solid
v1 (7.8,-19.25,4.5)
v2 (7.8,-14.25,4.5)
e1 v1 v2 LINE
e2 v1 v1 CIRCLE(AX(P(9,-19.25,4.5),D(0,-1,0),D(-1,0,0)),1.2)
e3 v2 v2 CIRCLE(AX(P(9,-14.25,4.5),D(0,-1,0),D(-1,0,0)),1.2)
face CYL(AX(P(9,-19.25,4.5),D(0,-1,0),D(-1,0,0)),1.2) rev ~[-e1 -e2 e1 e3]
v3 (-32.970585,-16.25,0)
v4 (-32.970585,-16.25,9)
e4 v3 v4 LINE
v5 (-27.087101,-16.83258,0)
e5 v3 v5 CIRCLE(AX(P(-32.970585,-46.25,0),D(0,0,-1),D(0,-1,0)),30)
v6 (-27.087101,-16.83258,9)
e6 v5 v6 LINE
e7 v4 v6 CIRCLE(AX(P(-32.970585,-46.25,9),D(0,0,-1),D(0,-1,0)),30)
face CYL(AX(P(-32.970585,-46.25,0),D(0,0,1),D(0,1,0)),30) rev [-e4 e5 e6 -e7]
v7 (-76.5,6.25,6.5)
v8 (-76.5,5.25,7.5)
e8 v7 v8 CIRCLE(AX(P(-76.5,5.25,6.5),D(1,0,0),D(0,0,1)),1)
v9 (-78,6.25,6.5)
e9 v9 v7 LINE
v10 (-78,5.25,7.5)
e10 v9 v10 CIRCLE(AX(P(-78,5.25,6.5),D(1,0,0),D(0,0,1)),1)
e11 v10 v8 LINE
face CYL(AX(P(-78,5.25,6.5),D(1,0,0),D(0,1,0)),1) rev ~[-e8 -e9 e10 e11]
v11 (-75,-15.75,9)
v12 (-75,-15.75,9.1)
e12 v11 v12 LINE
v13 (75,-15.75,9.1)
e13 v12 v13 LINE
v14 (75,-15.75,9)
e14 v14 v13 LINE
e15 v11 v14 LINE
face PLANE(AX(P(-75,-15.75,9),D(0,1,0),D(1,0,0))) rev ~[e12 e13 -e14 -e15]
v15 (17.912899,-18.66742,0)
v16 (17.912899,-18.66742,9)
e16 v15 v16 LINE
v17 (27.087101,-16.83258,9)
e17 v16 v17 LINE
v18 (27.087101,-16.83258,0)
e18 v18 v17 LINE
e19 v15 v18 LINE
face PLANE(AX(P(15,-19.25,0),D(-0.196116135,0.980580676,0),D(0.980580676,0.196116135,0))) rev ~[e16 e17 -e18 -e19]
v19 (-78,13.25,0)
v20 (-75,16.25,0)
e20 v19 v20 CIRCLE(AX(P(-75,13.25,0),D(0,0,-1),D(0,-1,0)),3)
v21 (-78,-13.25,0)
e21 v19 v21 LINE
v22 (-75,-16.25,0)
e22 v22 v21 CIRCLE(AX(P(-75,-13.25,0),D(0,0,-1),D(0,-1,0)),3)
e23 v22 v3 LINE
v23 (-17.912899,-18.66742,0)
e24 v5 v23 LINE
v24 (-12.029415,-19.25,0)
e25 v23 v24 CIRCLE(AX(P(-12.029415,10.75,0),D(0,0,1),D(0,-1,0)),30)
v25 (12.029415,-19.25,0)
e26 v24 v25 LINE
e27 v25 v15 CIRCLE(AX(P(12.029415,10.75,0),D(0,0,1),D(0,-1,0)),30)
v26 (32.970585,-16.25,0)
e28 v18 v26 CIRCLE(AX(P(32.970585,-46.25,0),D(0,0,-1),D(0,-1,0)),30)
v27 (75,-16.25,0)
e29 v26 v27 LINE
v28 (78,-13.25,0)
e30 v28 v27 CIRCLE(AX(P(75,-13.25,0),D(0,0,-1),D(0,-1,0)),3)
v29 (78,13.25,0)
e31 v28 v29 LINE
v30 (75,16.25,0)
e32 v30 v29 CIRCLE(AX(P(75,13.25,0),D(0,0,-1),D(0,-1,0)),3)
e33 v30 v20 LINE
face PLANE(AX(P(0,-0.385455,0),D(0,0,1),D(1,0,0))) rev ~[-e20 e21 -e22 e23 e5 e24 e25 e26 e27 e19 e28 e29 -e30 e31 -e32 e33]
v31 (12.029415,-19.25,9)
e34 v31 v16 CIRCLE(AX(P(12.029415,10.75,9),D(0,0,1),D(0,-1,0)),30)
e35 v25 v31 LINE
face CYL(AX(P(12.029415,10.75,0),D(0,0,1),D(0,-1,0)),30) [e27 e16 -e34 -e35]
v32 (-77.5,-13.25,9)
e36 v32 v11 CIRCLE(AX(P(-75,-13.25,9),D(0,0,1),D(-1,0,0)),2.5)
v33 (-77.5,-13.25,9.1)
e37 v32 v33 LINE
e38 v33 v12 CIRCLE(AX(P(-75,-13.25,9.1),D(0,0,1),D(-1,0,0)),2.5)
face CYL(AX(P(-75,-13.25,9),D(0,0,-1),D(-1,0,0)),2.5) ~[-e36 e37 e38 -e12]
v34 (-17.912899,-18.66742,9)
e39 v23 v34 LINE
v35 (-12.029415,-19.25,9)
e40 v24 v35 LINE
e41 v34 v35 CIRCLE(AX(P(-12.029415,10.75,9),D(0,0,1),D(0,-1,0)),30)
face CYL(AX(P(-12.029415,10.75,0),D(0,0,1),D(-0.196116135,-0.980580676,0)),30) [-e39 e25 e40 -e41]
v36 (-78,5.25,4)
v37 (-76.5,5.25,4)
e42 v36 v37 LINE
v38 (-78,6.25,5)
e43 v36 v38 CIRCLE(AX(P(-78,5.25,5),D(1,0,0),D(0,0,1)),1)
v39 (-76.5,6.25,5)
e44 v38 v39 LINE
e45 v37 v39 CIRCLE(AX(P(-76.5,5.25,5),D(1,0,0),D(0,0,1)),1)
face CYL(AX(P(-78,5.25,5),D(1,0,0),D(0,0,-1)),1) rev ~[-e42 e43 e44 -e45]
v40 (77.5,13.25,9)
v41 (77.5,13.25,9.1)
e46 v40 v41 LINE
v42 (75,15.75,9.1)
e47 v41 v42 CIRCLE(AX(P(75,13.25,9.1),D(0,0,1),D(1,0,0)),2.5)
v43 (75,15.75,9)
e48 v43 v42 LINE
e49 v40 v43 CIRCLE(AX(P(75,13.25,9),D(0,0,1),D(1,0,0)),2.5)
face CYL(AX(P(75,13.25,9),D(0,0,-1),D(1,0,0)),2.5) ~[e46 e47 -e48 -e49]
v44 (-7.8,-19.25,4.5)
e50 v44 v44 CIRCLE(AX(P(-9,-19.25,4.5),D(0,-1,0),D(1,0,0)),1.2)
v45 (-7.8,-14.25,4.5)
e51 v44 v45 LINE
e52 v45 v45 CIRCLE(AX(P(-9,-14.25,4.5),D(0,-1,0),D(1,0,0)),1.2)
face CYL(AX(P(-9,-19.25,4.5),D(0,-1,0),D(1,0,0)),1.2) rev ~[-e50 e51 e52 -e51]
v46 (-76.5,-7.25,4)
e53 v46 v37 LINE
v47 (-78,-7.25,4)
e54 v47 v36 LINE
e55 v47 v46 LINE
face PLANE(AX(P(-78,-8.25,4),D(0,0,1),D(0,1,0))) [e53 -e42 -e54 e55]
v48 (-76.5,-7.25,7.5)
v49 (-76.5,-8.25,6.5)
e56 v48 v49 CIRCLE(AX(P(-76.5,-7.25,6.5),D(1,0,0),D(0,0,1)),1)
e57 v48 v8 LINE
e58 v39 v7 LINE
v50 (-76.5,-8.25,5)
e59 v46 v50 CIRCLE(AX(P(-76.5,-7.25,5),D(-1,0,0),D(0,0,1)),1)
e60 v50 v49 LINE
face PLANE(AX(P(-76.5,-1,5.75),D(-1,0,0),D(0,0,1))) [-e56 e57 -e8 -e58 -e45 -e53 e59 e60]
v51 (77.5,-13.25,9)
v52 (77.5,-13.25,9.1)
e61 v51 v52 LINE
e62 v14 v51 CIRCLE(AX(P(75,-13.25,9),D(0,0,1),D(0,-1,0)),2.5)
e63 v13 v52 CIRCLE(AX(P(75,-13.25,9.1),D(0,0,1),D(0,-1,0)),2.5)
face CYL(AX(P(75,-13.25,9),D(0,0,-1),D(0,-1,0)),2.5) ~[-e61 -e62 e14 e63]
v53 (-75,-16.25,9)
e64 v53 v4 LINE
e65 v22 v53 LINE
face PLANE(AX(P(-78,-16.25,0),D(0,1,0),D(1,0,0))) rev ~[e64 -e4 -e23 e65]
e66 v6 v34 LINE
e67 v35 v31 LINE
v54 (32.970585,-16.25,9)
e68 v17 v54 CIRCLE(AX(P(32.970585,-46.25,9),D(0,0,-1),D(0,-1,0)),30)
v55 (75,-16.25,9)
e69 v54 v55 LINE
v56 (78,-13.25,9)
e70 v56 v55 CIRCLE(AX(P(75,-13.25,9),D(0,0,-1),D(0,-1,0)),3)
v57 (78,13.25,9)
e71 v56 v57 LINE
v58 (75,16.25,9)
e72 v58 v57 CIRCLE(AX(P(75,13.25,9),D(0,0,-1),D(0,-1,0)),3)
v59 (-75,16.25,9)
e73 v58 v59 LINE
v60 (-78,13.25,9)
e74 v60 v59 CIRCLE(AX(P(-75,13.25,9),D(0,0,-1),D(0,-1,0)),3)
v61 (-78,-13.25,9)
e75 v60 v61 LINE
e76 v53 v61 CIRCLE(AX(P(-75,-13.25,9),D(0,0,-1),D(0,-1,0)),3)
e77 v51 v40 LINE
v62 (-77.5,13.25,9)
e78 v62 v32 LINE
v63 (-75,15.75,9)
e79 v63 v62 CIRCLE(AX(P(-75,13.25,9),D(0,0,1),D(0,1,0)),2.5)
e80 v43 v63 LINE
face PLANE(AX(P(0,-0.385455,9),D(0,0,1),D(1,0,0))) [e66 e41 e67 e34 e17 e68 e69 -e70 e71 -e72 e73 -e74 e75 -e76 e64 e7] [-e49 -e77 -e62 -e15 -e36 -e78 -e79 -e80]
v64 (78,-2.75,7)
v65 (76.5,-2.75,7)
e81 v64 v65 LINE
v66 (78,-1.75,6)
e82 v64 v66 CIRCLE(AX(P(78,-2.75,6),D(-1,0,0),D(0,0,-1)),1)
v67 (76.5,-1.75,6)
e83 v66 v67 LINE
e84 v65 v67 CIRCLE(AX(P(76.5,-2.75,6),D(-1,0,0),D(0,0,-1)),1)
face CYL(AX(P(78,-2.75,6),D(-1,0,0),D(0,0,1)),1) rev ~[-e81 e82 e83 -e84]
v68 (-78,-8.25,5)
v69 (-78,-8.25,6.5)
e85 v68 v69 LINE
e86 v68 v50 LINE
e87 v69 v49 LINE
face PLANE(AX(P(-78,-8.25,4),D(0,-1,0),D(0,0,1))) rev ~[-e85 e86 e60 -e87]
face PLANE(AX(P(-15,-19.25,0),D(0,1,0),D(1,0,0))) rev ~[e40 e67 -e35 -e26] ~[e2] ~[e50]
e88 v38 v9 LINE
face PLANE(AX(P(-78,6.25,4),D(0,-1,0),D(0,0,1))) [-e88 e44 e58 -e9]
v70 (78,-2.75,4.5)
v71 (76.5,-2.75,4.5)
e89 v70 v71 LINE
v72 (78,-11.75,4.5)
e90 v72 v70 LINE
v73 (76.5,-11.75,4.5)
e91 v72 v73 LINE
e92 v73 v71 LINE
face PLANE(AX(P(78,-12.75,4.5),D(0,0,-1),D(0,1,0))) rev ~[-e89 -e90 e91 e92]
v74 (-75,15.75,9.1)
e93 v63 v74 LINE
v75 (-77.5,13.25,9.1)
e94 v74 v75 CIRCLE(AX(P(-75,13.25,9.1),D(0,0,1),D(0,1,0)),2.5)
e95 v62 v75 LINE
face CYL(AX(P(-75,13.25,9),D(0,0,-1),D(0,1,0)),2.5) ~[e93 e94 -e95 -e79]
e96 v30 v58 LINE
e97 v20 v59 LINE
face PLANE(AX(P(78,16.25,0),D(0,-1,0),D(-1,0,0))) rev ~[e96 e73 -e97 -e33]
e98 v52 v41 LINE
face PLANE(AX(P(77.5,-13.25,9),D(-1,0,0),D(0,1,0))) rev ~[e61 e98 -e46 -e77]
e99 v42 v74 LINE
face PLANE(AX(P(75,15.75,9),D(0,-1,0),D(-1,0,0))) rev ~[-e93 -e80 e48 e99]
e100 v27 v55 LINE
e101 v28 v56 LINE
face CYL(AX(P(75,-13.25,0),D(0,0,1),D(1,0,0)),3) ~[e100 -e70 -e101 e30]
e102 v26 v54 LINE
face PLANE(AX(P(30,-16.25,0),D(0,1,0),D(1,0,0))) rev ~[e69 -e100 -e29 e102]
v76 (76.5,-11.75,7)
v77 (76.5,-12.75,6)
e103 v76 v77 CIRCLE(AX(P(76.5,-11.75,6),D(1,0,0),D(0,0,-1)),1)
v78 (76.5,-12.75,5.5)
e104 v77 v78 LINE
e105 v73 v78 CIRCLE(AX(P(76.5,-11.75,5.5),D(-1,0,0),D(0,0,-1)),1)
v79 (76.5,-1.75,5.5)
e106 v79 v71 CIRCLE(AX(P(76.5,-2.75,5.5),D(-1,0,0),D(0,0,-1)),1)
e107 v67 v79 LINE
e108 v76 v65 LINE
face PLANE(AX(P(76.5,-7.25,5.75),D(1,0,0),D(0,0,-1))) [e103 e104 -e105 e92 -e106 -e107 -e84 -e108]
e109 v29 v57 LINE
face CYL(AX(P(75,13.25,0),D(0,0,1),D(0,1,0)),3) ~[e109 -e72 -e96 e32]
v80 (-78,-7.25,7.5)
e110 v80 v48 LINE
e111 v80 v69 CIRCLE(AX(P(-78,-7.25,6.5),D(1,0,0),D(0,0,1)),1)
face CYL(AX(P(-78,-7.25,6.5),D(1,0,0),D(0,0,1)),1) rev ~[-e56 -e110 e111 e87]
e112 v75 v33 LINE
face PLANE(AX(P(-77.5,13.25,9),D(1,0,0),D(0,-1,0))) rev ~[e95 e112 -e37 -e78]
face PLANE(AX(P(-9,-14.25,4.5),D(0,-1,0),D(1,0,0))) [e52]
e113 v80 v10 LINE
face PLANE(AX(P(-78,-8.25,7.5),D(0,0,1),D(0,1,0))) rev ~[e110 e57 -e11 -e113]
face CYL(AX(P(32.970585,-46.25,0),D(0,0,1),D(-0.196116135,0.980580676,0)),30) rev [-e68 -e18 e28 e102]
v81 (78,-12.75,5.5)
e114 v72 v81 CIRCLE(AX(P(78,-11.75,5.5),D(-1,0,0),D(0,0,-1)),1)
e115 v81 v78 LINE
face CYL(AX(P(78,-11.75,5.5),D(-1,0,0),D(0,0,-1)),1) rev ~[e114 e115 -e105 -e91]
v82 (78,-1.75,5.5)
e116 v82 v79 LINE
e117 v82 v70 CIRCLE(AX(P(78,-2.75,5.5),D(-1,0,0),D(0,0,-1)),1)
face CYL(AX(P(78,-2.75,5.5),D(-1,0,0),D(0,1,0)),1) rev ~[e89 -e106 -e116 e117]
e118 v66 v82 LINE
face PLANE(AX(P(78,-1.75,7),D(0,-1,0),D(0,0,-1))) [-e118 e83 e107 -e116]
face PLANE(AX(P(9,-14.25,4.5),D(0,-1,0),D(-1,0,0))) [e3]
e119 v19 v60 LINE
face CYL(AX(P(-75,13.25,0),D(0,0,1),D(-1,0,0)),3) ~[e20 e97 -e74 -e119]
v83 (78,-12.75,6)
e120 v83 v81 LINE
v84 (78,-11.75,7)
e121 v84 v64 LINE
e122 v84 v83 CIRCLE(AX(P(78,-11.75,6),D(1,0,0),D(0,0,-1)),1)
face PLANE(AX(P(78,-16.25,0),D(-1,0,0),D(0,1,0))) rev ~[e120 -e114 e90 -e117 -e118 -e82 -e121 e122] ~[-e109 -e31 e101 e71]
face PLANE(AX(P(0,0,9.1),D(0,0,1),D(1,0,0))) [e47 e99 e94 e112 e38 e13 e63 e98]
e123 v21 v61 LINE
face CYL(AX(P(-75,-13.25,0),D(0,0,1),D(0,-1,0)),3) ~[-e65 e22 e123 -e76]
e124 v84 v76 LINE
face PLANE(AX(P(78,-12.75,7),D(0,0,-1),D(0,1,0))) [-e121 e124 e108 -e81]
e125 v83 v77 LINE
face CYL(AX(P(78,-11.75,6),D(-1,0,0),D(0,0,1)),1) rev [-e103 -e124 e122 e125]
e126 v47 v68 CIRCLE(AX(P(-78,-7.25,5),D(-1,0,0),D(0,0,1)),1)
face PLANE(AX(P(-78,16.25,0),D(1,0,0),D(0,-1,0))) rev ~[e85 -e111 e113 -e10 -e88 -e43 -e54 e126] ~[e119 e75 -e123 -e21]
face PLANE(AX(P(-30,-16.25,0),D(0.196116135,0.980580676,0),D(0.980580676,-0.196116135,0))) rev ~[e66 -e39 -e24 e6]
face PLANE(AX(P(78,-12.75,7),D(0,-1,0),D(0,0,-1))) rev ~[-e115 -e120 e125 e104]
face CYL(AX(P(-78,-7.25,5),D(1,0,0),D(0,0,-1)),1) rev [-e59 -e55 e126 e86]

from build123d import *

# Parameters (mm, degrees)
BOSS_EXTRUDE1_DEPTH = 9
FILLET1_R           = 30
FILLET2_R           = 3
BOSS_EXTRUDE2_DEPTH = 0.1
SKETCH3_R           = 1.2
CUT_EXTRUDE1_DEPTH  = 5
SKETCH4_W           = 3.5
SKETCH4_H           = 14.5
CUT_EXTRUDE2_DEPTH  = 1.5
SKETCH5_W           = 2.5
SKETCH5_H           = 11
CUT_EXTRUDE4_DEPTH  = 1.5
FILLET3_R           = 1


with BuildPart() as part:
    # Sketch1 → Boss-Extrude1 (new body)
    with BuildSketch(Plane.XY):
        Polygon((78, -16.25), (78, 16.25), (-78, 16.25), (-78, -16.25), (-30, -16.25), (-15, -19.25), (15, -19.25), (30, -16.25), align=None)
    extrude(amount=BOSS_EXTRUDE1_DEPTH)

    # Fillet1
    fillet1_edges = [part.edges().sort_by_distance(p)[0] for p in [
        (30, -16.25, 4.5),
        (15, -19.25, 4.5),
        (-15, -19.25, 4.5),
        (-30, -16.25, 4.5),
    ]]
    fillet(fillet1_edges, radius=FILLET1_R)

    # Fillet2
    fillet2_edges = [part.edges().sort_by_distance(p)[0] for p in [
        (-78, 16.25, 4.5),
        (78, 16.25, 4.5),
        (78, -16.25, 4.5),
        (-78, -16.25, 4.5),
    ]]
    fillet(fillet2_edges, radius=FILLET2_R)

    # Sketch2 → Boss-Extrude2 (add)
    with BuildSketch(Plane.XY.offset(9)):
        with BuildLine():
            Line((-32.970585408, -15.75), (32.970585408, -15.75))
            Line((32.970585408, -15.75), (75, -15.75))
            ThreePointArc((75, -15.75), (76.767766953, -15.017766953), (77.5, -13.25))
            Line((77.5, -13.25), (77.5, 13.25))
            ThreePointArc((77.5, 13.25), (76.767766953, 15.017766953), (75, 15.75))
            Line((75, 15.75), (-75, 15.75))
            ThreePointArc((-75, 15.75), (-76.767766953, 15.017766953), (-77.5, 13.25))
            Line((-77.5, 13.25), (-77.5, -13.25))
            ThreePointArc((-77.5, -13.25), (-76.767766953, -15.017766953), (-75, -15.75))
            Line((-75, -15.75), (-32.970585408, -15.75))
        make_face()
    extrude(amount=BOSS_EXTRUDE2_DEPTH)

    # Sketch3 → Cut-Extrude1 (cut)
    with BuildSketch(Plane.XZ.offset(19.25)):
        with Locations((-9, 4.5)):
            Circle(SKETCH3_R)
        with Locations(Location((9, 4.5, 0), (0, 0, 180))):
            Circle(SKETCH3_R)
    extrude(amount=-CUT_EXTRUDE1_DEPTH, mode=Mode.SUBTRACT)

    # Sketch4 → Cut-Extrude2 (cut)
    with BuildSketch(Plane.ZY.offset(78)):
        with Locations((5.75, -1)):
            Rectangle(SKETCH4_W, SKETCH4_H)
    extrude(amount=-CUT_EXTRUDE2_DEPTH, mode=Mode.SUBTRACT)

    # Sketch5 → Cut-Extrude4 (cut)
    with BuildSketch(Plane(origin=(78, 0, 0), x_dir=(0, 0, -1), z_dir=(1, 0, 0))):
        with Locations((-5.75, -7.25)):
            Rectangle(SKETCH5_W, SKETCH5_H)
    extrude(amount=-CUT_EXTRUDE4_DEPTH, mode=Mode.SUBTRACT)

    # Fillet3
    fillet3_edges = [part.edges().sort_by_distance(p)[0] for p in [
        (-77.25, -8.25, 4),
        (-77.25, 6.25, 4),
        (-77.25, 6.25, 7.5),
        (-77.25, -8.25, 7.5),
        (77.25, -12.75, 7),
        (77.25, -1.75, 7),
        (77.25, -1.75, 4.5),
        (77.25, -12.75, 4.5),
    ]]
    fillet(fillet3_edges, radius=FILLET3_R)


solid = part.part
